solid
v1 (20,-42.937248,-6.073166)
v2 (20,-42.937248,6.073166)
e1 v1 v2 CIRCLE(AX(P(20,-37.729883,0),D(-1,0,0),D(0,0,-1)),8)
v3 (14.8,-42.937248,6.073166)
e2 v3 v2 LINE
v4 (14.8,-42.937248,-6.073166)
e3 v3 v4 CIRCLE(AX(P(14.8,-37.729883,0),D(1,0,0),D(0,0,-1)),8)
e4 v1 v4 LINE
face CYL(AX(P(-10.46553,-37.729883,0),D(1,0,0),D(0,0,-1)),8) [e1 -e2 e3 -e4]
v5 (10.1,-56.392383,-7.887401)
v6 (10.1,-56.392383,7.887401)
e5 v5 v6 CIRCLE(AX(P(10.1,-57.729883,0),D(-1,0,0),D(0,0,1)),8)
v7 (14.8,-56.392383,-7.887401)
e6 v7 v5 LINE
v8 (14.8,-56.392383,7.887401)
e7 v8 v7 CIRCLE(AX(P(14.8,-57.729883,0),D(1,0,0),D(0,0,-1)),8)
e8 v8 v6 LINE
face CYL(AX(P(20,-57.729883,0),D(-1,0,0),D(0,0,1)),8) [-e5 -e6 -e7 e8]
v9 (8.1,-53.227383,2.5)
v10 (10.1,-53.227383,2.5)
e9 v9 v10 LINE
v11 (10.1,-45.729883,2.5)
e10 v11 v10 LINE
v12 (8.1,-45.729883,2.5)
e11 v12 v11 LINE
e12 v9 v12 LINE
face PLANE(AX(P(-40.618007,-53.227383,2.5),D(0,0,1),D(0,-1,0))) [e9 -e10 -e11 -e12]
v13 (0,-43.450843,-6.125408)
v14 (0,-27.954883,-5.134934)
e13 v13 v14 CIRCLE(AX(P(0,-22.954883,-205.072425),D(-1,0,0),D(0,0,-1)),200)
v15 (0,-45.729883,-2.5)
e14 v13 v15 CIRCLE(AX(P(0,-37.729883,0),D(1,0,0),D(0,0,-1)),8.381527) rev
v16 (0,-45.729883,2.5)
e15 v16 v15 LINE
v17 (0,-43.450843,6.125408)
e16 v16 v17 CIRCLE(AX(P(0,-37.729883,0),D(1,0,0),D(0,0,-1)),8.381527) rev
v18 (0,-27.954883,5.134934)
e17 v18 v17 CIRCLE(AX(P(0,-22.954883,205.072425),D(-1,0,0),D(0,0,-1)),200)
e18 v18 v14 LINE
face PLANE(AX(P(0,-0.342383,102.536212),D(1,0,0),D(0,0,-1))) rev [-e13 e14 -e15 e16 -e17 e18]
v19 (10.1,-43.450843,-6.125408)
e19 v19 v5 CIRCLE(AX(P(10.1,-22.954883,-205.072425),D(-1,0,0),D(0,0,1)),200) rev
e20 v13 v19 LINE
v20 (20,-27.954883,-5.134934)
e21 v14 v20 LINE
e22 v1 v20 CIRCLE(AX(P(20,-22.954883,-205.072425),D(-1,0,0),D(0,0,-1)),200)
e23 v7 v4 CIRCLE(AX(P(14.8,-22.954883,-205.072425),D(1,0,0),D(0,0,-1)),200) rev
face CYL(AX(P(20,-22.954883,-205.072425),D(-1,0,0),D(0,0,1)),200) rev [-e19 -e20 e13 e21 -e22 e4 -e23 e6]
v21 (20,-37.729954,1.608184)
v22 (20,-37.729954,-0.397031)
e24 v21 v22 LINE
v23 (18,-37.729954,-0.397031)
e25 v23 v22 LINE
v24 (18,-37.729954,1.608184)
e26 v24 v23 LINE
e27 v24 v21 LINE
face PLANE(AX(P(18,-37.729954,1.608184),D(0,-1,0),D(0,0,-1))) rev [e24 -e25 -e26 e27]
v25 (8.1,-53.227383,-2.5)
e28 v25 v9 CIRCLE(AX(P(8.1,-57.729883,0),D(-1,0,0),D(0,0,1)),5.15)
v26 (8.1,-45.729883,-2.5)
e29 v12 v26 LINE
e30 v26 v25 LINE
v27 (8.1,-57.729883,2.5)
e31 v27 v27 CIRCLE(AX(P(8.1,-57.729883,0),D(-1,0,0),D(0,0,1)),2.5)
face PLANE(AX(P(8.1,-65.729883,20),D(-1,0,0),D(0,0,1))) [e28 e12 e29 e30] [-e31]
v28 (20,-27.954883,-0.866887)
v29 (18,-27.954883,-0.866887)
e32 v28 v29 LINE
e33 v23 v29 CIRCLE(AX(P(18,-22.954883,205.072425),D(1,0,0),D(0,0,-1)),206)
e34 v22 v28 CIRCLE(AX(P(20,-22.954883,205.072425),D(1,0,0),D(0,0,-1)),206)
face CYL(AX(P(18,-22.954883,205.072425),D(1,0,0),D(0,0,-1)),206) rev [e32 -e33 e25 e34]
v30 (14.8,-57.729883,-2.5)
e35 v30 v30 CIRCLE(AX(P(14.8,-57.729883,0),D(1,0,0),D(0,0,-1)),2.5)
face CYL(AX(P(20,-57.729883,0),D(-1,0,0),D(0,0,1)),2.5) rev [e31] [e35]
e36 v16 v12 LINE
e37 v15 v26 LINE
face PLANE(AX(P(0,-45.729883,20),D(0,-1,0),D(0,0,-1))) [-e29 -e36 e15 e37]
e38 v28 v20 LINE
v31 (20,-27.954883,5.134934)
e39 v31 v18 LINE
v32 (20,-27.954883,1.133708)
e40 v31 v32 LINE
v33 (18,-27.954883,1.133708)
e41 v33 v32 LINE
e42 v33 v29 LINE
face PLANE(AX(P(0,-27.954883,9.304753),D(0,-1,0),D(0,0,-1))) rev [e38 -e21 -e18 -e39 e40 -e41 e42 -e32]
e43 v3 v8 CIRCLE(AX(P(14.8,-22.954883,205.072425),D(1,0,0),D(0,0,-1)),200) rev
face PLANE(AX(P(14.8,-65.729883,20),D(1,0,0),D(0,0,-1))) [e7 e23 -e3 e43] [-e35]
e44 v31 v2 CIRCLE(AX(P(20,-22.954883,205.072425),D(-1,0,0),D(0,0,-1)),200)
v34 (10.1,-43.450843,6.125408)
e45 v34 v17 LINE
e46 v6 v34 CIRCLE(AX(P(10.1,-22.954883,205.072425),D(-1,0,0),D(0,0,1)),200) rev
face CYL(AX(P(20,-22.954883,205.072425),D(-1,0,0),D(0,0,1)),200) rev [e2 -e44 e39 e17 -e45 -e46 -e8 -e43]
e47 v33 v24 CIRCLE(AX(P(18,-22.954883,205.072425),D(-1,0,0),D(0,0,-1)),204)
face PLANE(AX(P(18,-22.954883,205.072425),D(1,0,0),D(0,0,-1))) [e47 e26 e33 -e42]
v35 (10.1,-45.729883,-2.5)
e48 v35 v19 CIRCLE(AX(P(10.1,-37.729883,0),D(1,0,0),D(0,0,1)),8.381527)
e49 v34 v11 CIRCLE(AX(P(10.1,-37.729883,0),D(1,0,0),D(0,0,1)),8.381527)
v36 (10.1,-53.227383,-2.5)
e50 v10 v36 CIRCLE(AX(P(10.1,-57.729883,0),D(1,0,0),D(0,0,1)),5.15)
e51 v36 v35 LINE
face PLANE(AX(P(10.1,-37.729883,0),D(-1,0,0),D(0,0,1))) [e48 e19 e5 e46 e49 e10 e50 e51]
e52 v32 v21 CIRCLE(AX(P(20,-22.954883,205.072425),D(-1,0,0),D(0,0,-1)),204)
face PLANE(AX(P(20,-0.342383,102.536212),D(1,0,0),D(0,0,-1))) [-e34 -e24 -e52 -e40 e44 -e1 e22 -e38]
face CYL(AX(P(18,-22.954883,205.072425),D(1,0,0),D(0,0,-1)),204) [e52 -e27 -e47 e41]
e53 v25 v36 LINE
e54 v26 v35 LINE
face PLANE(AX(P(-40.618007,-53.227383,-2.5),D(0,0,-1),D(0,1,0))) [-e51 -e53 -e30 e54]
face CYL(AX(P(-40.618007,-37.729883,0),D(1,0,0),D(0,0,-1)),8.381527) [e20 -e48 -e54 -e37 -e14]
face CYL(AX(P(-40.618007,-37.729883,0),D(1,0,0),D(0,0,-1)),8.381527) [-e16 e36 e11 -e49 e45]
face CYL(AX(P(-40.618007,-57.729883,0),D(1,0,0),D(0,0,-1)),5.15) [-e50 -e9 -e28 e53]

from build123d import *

# Parameters (mm, degrees)
SKETCH1_R                = 1.5
SKETCH1_R_2              = 2.5
BOSS_EXTRUDE1_DEPTH      = 20
SKETCH2_W                = 8.1
SKETCH2_H                = 20
SKETCH2_W_2              = 5.2
SKETCH2_W_3              = 5.1
CUT_EXTRUDE1_DEPTH       = 20
CUT_EXTRUDE1_DEPTH_BACK  = 20
CUT_EXTRUDE2_DEPTH       = 9
BOSS_EXTRUDE2_DEPTH      = 11.9
SKETCH5_R                = 3
BOSS_EXTRUDE3_DEPTH      = 5
CUT_EXTRUDE6_DEPTH       = 1
SKETCH13_R               = 2.5
CUT_EXTRUDE7_DEPTH       = 4
BOSS_EXTRUDE4_DEPTH      = 3
CUT_EXTRUDE9_DEPTH       = 3
SKETCH17_W               = 9
SKETCH17_H               = 3.569322199
CUT_EXTRUDE11_DEPTH      = 3
SKETCH18_W               = 5.770974844
SKETCH18_H               = 0.772936936
BOSS_EXTRUDE5_DEPTH      = 6.9
BOSS_EXTRUDE5_DEPTH_BACK = 1
SKETCH19_W               = 5.1
SKETCH19_H               = 16.397725614
CUT_EXTRUDE12_DEPTH      = 0.301495
SKETCH20_W               = 5
SKETCH20_H               = 12.419235667
CUT_EXTRUDE13_DEPTH      = 10
BOSS_EXTRUDE6_DEPTH      = 2
SKETCH23_W               = 4.9
SKETCH23_H               = 6
BOSS_EXTRUDE7_DEPTH      = 4
SKETCH22_R               = 1
CUT_EXTRUDE15_DEPTH      = 8
BOSS_EXTRUDE8_DEPTH      = 2
SKETCH14_R               = 1.5
CUT_EXTRUDE8_DEPTH       = 10.1
CUT_EXTRUDE17_DEPTH      = 8.1
CUT_EXTRUDE17_DEPTH_BACK = 2
CUT_EXTRUDE18_DEPTH      = 2
CUT_EXTRUDE20_DEPTH      = 5.2
SKETCH30_W               = 6.9
SKETCH30_H               = 20
CUT_EXTRUDE21_DEPTH      = 0.283797
CUT_EXTRUDE22_REACH      = 91.699
SKETCH31_W               = 2
SKETCH31_H               = 11.022421386
CUT_EXTRUDE23_DEPTH      = 7
CUT_EXTRUDE24_DEPTH      = 21
SKETCH34_W               = 70.65252795
SKETCH34_H               = 74.33474439
CUT_EXTRUDE25_DEPTH      = 21


with BuildPart() as part:
    # Sketch1 → Boss-Extrude1 (new body)
    with BuildSketch(Plane(origin=(0, 0, 0), x_dir=(0, 0, -1), z_dir=(1, 0, 0))):
        with BuildLine():
            ThreePointArc((9.765353557, 20.116545894), (0, 32.270117322), (-9.765353557, 20.116545894))
            ThreePointArc((-9.765353557, 20.116545894), (-5.132645827, -18.047253777), (-7.88740095, -56.392382678))
            ThreePointArc((-7.88740095, -56.392382678), (0, -65.729882678), (7.88740095, -56.392382678))
            ThreePointArc((7.88740095, -56.392382678), (5.132645827, -18.047253777), (9.765353557, 20.116545894))
        make_face()
        with Locations((0, 22.270117322)):
            Circle(SKETCH1_R, mode=Mode.SUBTRACT)
        with Locations((0, -57.729882678)):
            Circle(SKETCH1_R_2, mode=Mode.SUBTRACT)
    extrude(amount=BOSS_EXTRUDE1_DEPTH)

    # Sketch2 → Cut-Extrude1 (cut, two sides)
    with BuildSketch(Plane.XY) as cut_extrude1_sk:
        with Locations((4.05, -55.729882678)):
            Rectangle(SKETCH2_W, SKETCH2_H)
        with Locations((17.4, -55.729882678)):
            Rectangle(SKETCH2_W_2, SKETCH2_H)
        with Locations((5.55, 22.270117322)):
            Rectangle(SKETCH2_W_3, SKETCH2_H)
    extrude(amount=CUT_EXTRUDE1_DEPTH, mode=Mode.SUBTRACT)
    extrude(cut_extrude1_sk.sketch, amount=-CUT_EXTRUDE1_DEPTH_BACK, mode=Mode.SUBTRACT)

    # Sketch3 → Cut-Extrude2 (cut)
    with BuildSketch(Plane.ZY.offset(-8.1)):
        with BuildLine():
            Line((8.5, 22.270117322), (8.5, 40.909533312))
            Line((8.5, 40.909533312), (-17.52872033, 40.909533312))
            Line((-17.52872033, 40.909533312), (-17.52872033, 13.770117322))
            Line((-17.52872033, 13.770117322), (0, 13.770117322))
            ThreePointArc((0, 13.770117322), (6.01040764, 16.259709682), (8.5, 22.270117322))
        make_face()
    extrude(amount=-CUT_EXTRUDE2_DEPTH, mode=Mode.SUBTRACT)

    # Sketch4 → Boss-Extrude2 (add, through all)
    with BuildSketch(Plane.ZY.offset(-8.1)):
        Polygon((8.5, 27.537944199), (8.283796844, 12.741558936), (10.283796844, 12.741558936), (10.283796844, 27.537944199), align=None)
    extrude(amount=-BOSS_EXTRUDE2_DEPTH)

    # Sketch5 → Boss-Extrude3 (add)
    with BuildSketch(Plane.ZY.offset(-8.1)):
        with BuildLine():
            Line((8.145156861, 11.968622), (8.447845456, 23.968622))
            Line((8.447845456, 23.968622), (9.854698466, 23.968622))
            Line((9.854698466, 23.968622), (15.022421386, 23.968622))
            ThreePointArc((15.022421386, 23.968622), (21.022421386, 17.968622), (15.022421386, 11.968622))
            Line((15.022421386, 11.968622), (8.145156861, 11.968622))
        make_face()
        with Locations((15.022421386, 17.968622)):
            Circle(SKETCH5_R, mode=Mode.SUBTRACT)
    extrude(amount=-BOSS_EXTRUDE3_DEPTH)

    # Sketch12 → Cut-Extrude6 (cut)
    with BuildSketch(Plane(origin=(13.1, 0, 0), x_dir=(0, 0, -1), z_dir=(1, 0, 0))):
        Polygon((-13.902900694, 14.968622), (-13.902900694, 12.968622), (-15.902900694, 12.968622), (-15.902900694, 14.968622), (-15.902900694, 15.294296094), (-13.902900694, 15.294296094), align=None)
    extrude(amount=-CUT_EXTRUDE6_DEPTH, mode=Mode.SUBTRACT)

    # Sketch13 → Cut-Extrude7 (cut)
    with BuildSketch(Plane.ZY.offset(-17.1)):
        with Locations((0, 22.270117322)):
            Circle(SKETCH13_R)
    extrude(amount=-CUT_EXTRUDE7_DEPTH, mode=Mode.SUBTRACT)

    # Sketch15 → Boss-Extrude4 (add)
    with BuildSketch(Plane.ZY):
        Polygon((10, 22.270117322), (10, 11.968622), (8.145156861, 11.968622), (7.595672539, 11.968622), align=None)
    extrude(amount=-BOSS_EXTRUDE4_DEPTH)

    # Sketch16 → Cut-Extrude9 (cut)
    with BuildSketch(Plane(origin=(20, 0, 0), x_dir=(0, 0, -1), z_dir=(1, 0, 0))):
        with BuildLine():
            Line((-10.283796844, 23.968622), (-9.854698466, 23.968622))
            ThreePointArc((-9.854698466, 23.968622), (-9.349264901, 25.818531871), (-8.5, 27.537944199))
            Line((-8.5, 27.537944199), (-10.283796844, 27.537944199))
            Line((-10.283796844, 27.537944199), (-10.283796844, 23.968622))
        make_face()
    extrude(amount=-CUT_EXTRUDE9_DEPTH, mode=Mode.SUBTRACT)

    # Sketch17 → Cut-Extrude11 (cut)
    with BuildSketch(Plane.XY.offset(10.283796844)):
        with Locations((12.6, 25.7532831)):
            Rectangle(SKETCH17_W, SKETCH17_H)
    extrude(amount=-CUT_EXTRUDE11_DEPTH, mode=Mode.SUBTRACT)

    # Sketch18 → Boss-Extrude5 (add, two sides)
    with BuildSketch(Plane(origin=(13.1, 0, 0), x_dir=(0, 0, -1), z_dir=(1, 0, 0))) as boss_extrude5_sk:
        with Locations((-7.398309422, 12.355090468)):
            Rectangle(SKETCH18_W, SKETCH18_H)
    extrude(amount=BOSS_EXTRUDE5_DEPTH)
    extrude(boss_extrude5_sk.sketch, amount=-BOSS_EXTRUDE5_DEPTH_BACK)

    # Sketch19 → Cut-Extrude12 (cut)
    with BuildSketch(Plane(origin=(0, 12.270117322, 0), x_dir=(1, 0, 0), z_dir=(0, 1, 0))):
        with Locations((5.55, 0)):
            Rectangle(SKETCH19_W, SKETCH19_H)
    extrude(amount=-CUT_EXTRUDE12_DEPTH, mode=Mode.SUBTRACT)

    # Sketch20 → Cut-Extrude13 (cut)
    with BuildSketch(Plane.ZY.offset(-17.1)):
        with Locations((0, 28.479735156)):
            Rectangle(SKETCH20_W, SKETCH20_H)
    extrude(amount=-CUT_EXTRUDE13_DEPTH, mode=Mode.SUBTRACT)

    # Sketch21 → Boss-Extrude6 (add)
    with BuildSketch(Plane.ZY.offset(-17.1)):
        with BuildLine():
            Line((-8.473151119, 13.770117322), (0.278481736, 12.273995678))
            ThreePointArc((0.278481736, 12.273995678), (9.936881703, 21.148341047), (2.5, 31.952575688))
            Line((2.5, 31.952575688), (2.5, 22.270117322))
            ThreePointArc((2.5, 22.270117322), (0, 19.770117322), (-2.5, 22.270117322))
            Line((-2.5, 22.270117322), (-2.5, 31.952575688))
            ThreePointArc((-2.5, 31.952575688), (-8.522477621, 27.501501002), (-9.765353557, 20.116545894))
            ThreePointArc((-9.765353557, 20.116545894), (-9.093560923, 16.948562662), (-8.473151119, 13.770117322))
        make_face()
    extrude(amount=BOSS_EXTRUDE6_DEPTH)

    # Sketch23 → Boss-Extrude7 (add)
    with BuildSketch(Plane.XY.offset(10.283796844)):
        with Locations((17.55, 26.968622)):
            Rectangle(SKETCH23_W, SKETCH23_H)
    extrude(amount=-BOSS_EXTRUDE7_DEPTH)

    # Sketch22 → Cut-Extrude15 (cut)
    with BuildSketch(Plane.XY.offset(10.283796844)):
        with Locations((17.55, 26.870117322)):
            Circle(SKETCH22_R)
    extrude(amount=-CUT_EXTRUDE15_DEPTH, mode=Mode.SUBTRACT)

    # Sketch24 → Boss-Extrude8 (add)
    with BuildSketch(Plane.ZY.offset(-8.1)):
        with BuildLine():
            Line((5.147845456, 19.737443909), (5.147845456, 15.506265819))
            Line((5.147845456, 15.506265819), (8.447845456, 15.506265819))
            Line((8.447845456, 15.506265819), (8.447845456, 23.968622))
            add(Edge.make_bspline(
                [(8.447845456, 23.968622), (5.147845456, 23.968622), (5.147845456, 19.737443909)],
                knots=[3.141592654, 3.141592654, 3.141592654, 4.71238898, 4.71238898, 4.71238898], degree=2, weights=[1, 0.707106781, 1]))
        make_face()
    extrude(amount=-BOSS_EXTRUDE8_DEPTH)

    # Sketch14 → Cut-Extrude8 (cut)
    with BuildSketch(Plane.ZY):
        with Locations((7.532575614, 18.331804915)):
            Circle(SKETCH14_R)
    extrude(amount=-CUT_EXTRUDE8_DEPTH, mode=Mode.SUBTRACT)

    # Sketch25 → Cut-Extrude17 (cut, two sides)
    with BuildSketch(Plane.ZY.offset(-8.1)) as cut_extrude17_sk:
        with BuildLine():
            Line((12, -45.729882678), (8.346153846, -36.960651908))
            ThreePointArc((8.346153846, -36.960651908), (6.973852263, -42.37911752), (2.5, -45.729882678))
            Line((2.5, -45.729882678), (2.5, -53.227383372))
            ThreePointArc((2.5, -53.227383372), (0, -62.879882678), (-2.5, -53.227383372))
            Line((-2.5, -53.227383372), (-2.5, -45.729882678))
            ThreePointArc((-2.5, -45.729882678), (-6.973852263, -42.37911752), (-8.346153846, -36.960651908))
            Line((-8.346153846, -36.960651908), (-12, -45.729882678))
            Line((-12, -45.729882678), (-12, -57.729882678))
            ThreePointArc((-12, -57.729882678), (0, -69.729882678), (12, -57.729882678))
            Line((12, -57.729882678), (12, -45.729882678))
        make_face()
    extrude(amount=CUT_EXTRUDE17_DEPTH, mode=Mode.SUBTRACT)
    extrude(cut_extrude17_sk.sketch, amount=-CUT_EXTRUDE17_DEPTH_BACK, mode=Mode.SUBTRACT)

    # Sketch26 → Cut-Extrude18 (cut)
    with BuildSketch(Plane(origin=(20, 0, 0), x_dir=(0, 0, -1), z_dir=(1, 0, 0))):
        with BuildLine():
            Line((-7.209968303, 15.085404497), (-10.283796844, 15.085404497))
            Line((-10.283796844, 15.085404497), (-10.283796844, 17.085404497))
            Line((-10.283796844, 17.085404497), (-7.209968303, 17.085404497))
            ThreePointArc((-7.209968303, 17.085404497), (-4.010444351, 15.949526558), (-2.243391617, 13.050441039))
            ThreePointArc((-2.243391617, 13.050441039), (0.649659998, -12.257973546), (0.397031114, -37.729953741))
            Line((0.397031114, -37.729953741), (-1.608183929, -37.729953741))
            ThreePointArc((-1.608183929, -37.729953741), (-1.343036313, -12.450773719), (-4.206611504, 12.667092093))
            ThreePointArc((-4.206611504, 12.667092093), (-5.281990934, 14.405678614), (-7.209968303, 15.085404497))
        make_face()
    extrude(amount=-CUT_EXTRUDE18_DEPTH, mode=Mode.SUBTRACT)

    # Sketch29 → Cut-Extrude20 (cut)
    with BuildSketch(Plane(origin=(20, 0, 0), x_dir=(0, 0, -1), z_dir=(1, 0, 0))):
        with BuildLine():
            Line((8, -37.729882678), (8.140336581, -37.729882678))
            Line((8.140336581, -37.729882678), (8.140336581, -45.937498976))
            Line((8.140336581, -45.937498976), (-15.754893946, -45.937498976))
            Line((-15.754893946, -45.937498976), (-15.754893946, -37.729882678))
            Line((-15.754893946, -37.729882678), (-8, -37.729882678))
            ThreePointArc((-8, -37.729882678), (0, -45.729882678), (8, -37.729882678))
        make_face()
    extrude(amount=-CUT_EXTRUDE20_DEPTH, mode=Mode.SUBTRACT)

    # Sketch30 → Cut-Extrude21 (cut)
    with BuildSketch(Plane.XY.offset(10.283796844)):
        with Locations((16.55, 21.968622)):
            Rectangle(SKETCH30_W, SKETCH30_H)
    extrude(amount=-CUT_EXTRUDE21_DEPTH, mode=Mode.SUBTRACT)

    # Sketch31 → Cut-Extrude22 (cut, up to next)
    with BuildSketch(Plane(origin=(0, 23.968622, 0), x_dir=(1, 0, 0), z_dir=(0, 1, 0)), mode=Mode.PRIVATE) as cut_extrude22_sk1:
        with Locations((9.1, -15.511210693)):
            Rectangle(SKETCH31_W, SKETCH31_H)
    cut_extrude22_tool1 = extrude(cut_extrude22_sk1.sketch, amount=-CUT_EXTRUDE22_REACH, mode=Mode.PRIVATE) & part.part
    add(cut_extrude22_tool1.solids().sort_by_distance((9.1, 23.968622, 15.511211))[0], mode=Mode.SUBTRACT)

    # Sketch32 → Cut-Extrude23 (cut)
    with BuildSketch(Plane.ZY.offset(-8.1)):
        Polygon((-8.473151119, 13.770117322), (-8.473151119, 5.401068454), (5.147845456, 15.506265819), align=None)
    extrude(amount=-CUT_EXTRUDE23_DEPTH, mode=Mode.SUBTRACT)

    # Sketch33 → Cut-Extrude24 (cut, through all)
    with BuildSketch(Plane(origin=(20, 0, 0), x_dir=(0, 0, -1), z_dir=(1, 0, 0))):
        Polygon((-9.30475326, -22.954882678), (-9.30475326, -27.954882678), (8.892389241, -27.954882678), (8.892389241, -22.954882678), (8.892389241, -17.954882678), (-9.30475326, -17.954882678), align=None)
    extrude(amount=-CUT_EXTRUDE24_DEPTH, mode=Mode.SUBTRACT)

    # Sketch34 → Cut-Extrude25 (cut, through all)
    with BuildSketch(Plane(origin=(20, 0, 0), x_dir=(0, 0, -1), z_dir=(1, 0, 0))):
        with Locations((-4.594652679, 17.444902541)):
            Rectangle(SKETCH34_W, SKETCH34_H)
    extrude(amount=-CUT_EXTRUDE25_DEPTH, mode=Mode.SUBTRACT)


solid = part.part
